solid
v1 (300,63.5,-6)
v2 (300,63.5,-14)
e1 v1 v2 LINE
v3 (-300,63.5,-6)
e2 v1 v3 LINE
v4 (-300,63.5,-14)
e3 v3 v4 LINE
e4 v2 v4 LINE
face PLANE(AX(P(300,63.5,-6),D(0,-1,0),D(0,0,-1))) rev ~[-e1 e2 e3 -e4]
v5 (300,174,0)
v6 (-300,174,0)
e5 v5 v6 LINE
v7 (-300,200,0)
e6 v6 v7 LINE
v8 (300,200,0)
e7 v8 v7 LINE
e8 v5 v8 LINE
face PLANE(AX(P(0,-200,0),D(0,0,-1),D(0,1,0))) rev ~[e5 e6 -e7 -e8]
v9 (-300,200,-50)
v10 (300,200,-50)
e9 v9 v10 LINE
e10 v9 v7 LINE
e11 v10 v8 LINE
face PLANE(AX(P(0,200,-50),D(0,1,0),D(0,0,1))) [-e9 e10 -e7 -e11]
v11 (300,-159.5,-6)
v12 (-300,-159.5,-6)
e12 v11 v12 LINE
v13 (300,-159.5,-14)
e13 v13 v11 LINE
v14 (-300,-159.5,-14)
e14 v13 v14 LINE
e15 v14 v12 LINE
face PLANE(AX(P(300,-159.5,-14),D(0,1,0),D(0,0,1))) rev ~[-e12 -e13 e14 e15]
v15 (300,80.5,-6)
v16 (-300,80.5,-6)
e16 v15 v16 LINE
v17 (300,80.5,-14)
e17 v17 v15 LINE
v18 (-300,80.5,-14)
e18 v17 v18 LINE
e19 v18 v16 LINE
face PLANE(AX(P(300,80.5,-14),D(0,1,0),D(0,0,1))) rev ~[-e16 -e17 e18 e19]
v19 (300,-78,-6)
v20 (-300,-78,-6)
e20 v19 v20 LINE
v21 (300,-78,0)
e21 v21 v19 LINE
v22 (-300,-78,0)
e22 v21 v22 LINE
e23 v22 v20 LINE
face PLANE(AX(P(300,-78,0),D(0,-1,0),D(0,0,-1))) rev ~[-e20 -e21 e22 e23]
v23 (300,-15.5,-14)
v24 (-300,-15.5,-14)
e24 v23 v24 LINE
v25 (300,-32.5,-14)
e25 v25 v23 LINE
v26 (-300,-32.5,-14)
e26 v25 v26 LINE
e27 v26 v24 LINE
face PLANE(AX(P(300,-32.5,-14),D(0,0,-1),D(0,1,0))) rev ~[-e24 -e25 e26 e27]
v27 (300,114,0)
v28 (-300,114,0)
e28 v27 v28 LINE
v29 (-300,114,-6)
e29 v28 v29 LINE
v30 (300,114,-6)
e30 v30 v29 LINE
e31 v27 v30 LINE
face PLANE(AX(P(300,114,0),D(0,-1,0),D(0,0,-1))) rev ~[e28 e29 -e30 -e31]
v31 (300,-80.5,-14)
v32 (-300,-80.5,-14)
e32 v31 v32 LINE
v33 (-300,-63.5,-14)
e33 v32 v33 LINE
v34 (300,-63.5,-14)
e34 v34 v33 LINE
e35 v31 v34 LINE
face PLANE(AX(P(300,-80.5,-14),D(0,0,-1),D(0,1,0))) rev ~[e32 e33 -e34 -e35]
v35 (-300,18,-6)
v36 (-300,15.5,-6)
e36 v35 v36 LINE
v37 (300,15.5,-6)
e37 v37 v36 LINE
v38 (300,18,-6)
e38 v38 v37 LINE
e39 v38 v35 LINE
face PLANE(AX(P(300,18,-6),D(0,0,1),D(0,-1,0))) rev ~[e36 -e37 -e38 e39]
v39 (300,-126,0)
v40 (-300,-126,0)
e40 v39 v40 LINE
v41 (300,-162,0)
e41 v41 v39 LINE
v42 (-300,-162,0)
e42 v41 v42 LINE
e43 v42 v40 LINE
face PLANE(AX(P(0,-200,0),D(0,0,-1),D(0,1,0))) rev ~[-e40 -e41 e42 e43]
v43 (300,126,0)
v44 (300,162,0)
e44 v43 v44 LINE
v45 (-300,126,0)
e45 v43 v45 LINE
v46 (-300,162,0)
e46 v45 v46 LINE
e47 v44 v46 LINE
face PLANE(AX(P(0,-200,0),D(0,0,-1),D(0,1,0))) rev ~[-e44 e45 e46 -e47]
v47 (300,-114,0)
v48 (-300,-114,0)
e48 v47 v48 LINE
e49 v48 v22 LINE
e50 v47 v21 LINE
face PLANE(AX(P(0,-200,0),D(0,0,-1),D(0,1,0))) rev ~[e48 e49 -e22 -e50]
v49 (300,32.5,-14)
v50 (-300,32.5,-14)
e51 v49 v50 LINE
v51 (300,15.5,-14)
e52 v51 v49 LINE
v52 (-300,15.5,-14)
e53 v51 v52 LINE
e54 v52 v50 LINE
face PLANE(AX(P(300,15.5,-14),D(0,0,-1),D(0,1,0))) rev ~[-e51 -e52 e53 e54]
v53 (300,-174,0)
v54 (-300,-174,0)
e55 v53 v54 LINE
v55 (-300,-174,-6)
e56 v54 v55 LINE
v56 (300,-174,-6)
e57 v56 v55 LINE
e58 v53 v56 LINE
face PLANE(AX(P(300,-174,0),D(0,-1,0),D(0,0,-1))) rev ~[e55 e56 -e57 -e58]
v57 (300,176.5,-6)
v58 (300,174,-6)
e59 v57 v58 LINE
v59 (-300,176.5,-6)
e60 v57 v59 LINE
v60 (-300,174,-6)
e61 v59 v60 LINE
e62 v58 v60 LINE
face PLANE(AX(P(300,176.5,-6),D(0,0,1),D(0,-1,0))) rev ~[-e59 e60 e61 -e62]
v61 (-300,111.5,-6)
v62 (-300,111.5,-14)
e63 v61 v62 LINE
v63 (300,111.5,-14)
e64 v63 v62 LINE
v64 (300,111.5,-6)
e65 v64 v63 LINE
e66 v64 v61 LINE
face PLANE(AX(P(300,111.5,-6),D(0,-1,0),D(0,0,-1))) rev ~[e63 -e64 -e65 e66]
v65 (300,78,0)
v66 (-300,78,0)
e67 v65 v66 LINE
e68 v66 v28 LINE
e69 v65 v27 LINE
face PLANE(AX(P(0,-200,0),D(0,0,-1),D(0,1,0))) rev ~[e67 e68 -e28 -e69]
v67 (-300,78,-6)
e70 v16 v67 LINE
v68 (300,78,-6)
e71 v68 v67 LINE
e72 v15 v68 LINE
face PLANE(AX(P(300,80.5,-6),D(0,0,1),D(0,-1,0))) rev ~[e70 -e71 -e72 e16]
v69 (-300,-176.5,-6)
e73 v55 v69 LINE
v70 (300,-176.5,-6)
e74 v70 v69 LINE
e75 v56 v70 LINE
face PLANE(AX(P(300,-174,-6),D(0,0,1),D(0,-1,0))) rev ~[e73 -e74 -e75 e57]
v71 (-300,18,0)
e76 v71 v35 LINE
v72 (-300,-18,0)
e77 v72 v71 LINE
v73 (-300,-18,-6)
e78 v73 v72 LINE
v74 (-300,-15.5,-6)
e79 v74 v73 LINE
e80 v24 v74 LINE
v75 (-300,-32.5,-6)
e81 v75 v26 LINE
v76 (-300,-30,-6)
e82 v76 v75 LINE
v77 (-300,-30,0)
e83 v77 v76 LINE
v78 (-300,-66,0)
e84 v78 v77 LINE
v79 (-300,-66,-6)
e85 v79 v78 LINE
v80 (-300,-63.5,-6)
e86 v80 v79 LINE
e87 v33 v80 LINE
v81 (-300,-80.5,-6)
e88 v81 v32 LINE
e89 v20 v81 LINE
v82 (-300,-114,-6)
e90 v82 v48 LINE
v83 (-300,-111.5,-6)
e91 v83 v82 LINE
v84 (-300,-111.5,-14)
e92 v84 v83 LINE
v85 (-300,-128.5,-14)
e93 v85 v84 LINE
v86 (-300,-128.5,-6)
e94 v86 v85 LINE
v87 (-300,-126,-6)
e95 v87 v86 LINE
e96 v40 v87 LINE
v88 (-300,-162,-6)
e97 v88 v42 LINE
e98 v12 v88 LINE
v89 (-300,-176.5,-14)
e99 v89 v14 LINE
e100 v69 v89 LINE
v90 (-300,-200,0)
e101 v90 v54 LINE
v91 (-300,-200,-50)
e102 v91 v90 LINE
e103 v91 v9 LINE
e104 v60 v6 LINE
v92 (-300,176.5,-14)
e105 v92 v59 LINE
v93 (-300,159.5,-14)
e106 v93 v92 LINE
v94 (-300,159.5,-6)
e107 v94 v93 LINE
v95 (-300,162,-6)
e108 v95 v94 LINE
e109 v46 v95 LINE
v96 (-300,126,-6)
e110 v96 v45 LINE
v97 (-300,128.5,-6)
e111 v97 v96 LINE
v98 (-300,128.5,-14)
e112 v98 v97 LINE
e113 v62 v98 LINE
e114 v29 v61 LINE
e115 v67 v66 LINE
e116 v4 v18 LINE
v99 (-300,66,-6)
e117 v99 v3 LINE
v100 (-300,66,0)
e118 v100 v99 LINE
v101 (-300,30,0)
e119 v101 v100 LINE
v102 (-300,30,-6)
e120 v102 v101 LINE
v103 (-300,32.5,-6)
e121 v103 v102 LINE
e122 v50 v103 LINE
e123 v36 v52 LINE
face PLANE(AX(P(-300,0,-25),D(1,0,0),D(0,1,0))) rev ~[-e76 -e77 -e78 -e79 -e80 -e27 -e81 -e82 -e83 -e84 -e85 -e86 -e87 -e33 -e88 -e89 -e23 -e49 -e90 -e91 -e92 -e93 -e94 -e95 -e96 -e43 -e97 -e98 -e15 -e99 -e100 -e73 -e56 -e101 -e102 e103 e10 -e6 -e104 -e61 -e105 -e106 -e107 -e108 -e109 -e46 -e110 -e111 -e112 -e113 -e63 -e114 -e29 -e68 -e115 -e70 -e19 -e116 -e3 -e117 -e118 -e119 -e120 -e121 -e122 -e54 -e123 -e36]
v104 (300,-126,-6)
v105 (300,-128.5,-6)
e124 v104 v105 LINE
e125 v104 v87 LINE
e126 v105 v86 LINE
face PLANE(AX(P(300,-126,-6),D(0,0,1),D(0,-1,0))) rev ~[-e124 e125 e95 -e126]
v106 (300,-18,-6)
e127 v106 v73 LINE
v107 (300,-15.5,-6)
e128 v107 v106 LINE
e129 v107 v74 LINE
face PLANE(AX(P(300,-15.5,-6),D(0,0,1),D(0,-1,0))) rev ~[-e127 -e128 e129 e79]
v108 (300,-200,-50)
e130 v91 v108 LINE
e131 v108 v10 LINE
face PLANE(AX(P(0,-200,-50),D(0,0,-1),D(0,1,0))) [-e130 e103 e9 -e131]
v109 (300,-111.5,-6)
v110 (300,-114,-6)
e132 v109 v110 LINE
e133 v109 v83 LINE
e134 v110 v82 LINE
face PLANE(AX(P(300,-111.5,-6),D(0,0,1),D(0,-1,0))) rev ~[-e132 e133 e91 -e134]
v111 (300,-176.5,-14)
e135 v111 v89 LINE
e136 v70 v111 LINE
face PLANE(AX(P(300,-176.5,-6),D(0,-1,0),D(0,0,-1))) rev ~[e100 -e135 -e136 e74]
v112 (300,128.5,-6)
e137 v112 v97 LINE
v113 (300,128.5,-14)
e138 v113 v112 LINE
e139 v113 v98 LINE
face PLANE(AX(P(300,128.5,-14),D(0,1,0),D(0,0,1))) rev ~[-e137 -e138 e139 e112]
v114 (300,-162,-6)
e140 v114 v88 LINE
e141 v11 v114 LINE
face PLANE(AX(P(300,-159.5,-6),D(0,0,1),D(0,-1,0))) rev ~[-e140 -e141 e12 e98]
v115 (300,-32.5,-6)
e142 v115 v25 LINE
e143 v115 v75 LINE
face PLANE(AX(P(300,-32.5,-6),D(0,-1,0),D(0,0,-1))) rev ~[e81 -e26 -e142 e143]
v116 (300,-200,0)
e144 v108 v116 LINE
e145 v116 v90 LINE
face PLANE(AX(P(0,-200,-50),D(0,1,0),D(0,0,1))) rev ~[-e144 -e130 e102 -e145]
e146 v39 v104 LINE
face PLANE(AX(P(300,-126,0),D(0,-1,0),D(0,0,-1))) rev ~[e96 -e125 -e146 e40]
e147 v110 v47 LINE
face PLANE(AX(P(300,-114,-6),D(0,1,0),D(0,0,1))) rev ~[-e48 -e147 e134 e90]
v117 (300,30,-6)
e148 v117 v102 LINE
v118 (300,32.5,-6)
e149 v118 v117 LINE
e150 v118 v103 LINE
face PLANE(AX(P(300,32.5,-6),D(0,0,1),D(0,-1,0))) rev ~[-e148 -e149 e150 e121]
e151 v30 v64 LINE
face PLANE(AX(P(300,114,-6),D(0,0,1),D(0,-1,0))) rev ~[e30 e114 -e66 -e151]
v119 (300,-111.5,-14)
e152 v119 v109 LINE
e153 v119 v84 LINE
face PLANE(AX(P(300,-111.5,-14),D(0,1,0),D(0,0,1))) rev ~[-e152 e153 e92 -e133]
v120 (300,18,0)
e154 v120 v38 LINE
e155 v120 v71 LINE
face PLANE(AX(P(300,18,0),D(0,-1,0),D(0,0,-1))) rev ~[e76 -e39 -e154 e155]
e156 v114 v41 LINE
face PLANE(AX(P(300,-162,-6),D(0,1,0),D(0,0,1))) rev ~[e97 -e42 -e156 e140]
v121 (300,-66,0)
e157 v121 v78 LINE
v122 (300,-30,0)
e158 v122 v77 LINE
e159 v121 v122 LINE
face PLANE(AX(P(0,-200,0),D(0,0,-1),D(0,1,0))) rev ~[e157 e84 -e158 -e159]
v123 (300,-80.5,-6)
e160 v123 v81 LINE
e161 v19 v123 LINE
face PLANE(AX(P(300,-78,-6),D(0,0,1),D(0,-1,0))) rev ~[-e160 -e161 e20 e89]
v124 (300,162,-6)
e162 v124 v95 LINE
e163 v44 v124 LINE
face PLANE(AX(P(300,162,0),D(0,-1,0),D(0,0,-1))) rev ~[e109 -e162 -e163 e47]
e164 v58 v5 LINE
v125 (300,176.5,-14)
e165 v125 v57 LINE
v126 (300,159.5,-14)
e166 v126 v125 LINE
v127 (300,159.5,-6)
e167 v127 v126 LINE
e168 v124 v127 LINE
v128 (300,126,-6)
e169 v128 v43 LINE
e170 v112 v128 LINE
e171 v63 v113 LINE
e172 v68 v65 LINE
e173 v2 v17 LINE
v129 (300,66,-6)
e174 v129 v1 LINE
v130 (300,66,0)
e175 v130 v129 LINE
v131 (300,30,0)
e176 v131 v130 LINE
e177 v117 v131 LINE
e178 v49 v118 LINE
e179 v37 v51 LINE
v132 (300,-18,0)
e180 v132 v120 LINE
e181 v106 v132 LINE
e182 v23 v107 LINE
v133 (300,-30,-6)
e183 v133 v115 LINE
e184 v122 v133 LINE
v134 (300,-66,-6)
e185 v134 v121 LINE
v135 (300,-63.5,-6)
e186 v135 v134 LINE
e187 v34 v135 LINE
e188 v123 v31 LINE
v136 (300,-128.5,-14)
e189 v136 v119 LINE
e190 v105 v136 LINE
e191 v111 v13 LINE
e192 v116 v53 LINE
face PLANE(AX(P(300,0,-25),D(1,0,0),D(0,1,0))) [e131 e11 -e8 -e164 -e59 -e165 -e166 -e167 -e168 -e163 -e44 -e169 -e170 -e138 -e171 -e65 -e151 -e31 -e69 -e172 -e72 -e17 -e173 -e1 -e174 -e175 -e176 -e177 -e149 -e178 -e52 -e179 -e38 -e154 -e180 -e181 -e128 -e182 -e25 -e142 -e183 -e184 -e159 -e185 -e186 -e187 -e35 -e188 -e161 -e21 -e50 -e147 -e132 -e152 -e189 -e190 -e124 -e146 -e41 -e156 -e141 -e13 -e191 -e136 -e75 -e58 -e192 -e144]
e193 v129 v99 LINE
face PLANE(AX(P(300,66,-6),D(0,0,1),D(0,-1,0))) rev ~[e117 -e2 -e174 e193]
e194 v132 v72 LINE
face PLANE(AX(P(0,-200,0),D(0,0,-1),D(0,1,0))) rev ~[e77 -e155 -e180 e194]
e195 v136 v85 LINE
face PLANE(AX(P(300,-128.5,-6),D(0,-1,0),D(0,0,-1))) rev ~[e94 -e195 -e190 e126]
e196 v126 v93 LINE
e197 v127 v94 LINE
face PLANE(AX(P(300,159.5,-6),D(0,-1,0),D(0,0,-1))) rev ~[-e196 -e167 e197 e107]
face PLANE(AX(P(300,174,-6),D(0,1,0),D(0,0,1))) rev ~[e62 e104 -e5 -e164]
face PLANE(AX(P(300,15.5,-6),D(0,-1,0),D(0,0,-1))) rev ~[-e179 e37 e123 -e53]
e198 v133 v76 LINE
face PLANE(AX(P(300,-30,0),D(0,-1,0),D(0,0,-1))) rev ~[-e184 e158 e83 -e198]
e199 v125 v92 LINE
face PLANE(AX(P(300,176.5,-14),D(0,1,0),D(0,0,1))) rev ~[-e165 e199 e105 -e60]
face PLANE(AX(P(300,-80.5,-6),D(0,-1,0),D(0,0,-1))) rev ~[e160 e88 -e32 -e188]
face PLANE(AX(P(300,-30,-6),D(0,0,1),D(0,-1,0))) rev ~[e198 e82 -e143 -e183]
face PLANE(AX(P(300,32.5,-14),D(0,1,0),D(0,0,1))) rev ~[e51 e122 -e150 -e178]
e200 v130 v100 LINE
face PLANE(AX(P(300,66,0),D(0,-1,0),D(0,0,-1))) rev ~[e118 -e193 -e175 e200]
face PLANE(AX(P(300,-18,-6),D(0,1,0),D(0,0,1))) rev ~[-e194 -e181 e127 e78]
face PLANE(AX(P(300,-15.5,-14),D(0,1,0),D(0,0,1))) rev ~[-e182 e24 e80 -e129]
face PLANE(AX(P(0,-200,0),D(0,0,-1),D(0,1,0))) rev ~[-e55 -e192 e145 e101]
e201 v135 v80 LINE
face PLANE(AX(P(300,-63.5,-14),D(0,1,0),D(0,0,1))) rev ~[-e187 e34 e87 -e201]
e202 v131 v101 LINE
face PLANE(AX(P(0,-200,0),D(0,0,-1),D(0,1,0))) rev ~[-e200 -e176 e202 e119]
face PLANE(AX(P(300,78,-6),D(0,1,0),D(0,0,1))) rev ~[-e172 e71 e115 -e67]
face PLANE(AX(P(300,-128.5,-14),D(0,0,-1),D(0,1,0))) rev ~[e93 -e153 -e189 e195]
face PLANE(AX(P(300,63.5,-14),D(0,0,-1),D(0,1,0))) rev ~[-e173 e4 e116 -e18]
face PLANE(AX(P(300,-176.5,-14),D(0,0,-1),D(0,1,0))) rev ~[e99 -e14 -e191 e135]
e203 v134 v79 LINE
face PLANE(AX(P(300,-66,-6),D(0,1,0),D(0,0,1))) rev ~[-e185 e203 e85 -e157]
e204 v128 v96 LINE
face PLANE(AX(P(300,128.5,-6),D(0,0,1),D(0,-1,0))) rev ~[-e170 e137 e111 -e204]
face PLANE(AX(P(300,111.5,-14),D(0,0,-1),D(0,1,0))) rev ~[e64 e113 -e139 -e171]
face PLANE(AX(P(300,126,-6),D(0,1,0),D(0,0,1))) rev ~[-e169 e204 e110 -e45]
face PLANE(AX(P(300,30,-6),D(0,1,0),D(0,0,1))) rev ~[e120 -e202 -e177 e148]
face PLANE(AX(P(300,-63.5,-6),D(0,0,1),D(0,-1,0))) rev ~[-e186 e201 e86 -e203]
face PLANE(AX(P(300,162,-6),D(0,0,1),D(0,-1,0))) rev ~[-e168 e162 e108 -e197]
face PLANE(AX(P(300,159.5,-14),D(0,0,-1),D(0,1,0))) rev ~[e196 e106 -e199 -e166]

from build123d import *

# Parameters (mm, degrees)
F0_W     = 400
F0_H     = 50
F1_DEPTH = 300
F3_DEPTH = 600.001


with BuildPart() as f1:
    # F0 (on Right) → F1 (new body, symmetric)
    with BuildSketch(Plane.YZ):
        with Locations((0, -25)):
            Rectangle(F0_W, F0_H)
    extrude(amount=F1_DEPTH, both=True)

    # F2 (on face) → F3 (cut, through all)
    with BuildSketch(Plane.YZ.offset(300)):
        Polygon((-162, 0), (-174, 0), (-174, -6), (-176.5, -6), (-176.5, -14), (-159.5, -14), (-159.5, -6), (-162, -6), align=None)
        Polygon((-128.5, -6), (-128.5, -14), (-111.5, -14), (-111.5, -6), (-114, -6), (-114, 0), (-126, 0), (-126, -6), align=None)
        Polygon((-80.5, -6), (-80.5, -14), (-63.5, -14), (-63.5, -6), (-66, -6), (-66, 0), (-78, 0), (-78, -6), align=None)
        Polygon((-32.5, -6), (-32.5, -14), (-15.5, -14), (-15.5, -6), (-18, -6), (-18, 0), (-30, 0), (-30, -6), align=None)
        Polygon((15.5, -6), (15.5, -14), (32.5, -14), (32.5, -6), (30, -6), (30, 0), (18, 0), (18, -6), align=None)
        Polygon((63.5, -6), (63.5, -14), (80.5, -14), (80.5, -6), (78, -6), (78, 0), (66, 0), (66, -6), align=None)
        Polygon((111.5, -6), (111.5, -14), (128.5, -14), (128.5, -6), (126, -6), (126, 0), (114, 0), (114, -6), align=None)
        Polygon((159.5, -6), (159.5, -14), (176.5, -14), (176.5, -6), (174, -6), (174, 0), (162, 0), (162, -6), align=None)
    extrude(amount=-F3_DEPTH, mode=Mode.SUBTRACT)


solid = f1.part
